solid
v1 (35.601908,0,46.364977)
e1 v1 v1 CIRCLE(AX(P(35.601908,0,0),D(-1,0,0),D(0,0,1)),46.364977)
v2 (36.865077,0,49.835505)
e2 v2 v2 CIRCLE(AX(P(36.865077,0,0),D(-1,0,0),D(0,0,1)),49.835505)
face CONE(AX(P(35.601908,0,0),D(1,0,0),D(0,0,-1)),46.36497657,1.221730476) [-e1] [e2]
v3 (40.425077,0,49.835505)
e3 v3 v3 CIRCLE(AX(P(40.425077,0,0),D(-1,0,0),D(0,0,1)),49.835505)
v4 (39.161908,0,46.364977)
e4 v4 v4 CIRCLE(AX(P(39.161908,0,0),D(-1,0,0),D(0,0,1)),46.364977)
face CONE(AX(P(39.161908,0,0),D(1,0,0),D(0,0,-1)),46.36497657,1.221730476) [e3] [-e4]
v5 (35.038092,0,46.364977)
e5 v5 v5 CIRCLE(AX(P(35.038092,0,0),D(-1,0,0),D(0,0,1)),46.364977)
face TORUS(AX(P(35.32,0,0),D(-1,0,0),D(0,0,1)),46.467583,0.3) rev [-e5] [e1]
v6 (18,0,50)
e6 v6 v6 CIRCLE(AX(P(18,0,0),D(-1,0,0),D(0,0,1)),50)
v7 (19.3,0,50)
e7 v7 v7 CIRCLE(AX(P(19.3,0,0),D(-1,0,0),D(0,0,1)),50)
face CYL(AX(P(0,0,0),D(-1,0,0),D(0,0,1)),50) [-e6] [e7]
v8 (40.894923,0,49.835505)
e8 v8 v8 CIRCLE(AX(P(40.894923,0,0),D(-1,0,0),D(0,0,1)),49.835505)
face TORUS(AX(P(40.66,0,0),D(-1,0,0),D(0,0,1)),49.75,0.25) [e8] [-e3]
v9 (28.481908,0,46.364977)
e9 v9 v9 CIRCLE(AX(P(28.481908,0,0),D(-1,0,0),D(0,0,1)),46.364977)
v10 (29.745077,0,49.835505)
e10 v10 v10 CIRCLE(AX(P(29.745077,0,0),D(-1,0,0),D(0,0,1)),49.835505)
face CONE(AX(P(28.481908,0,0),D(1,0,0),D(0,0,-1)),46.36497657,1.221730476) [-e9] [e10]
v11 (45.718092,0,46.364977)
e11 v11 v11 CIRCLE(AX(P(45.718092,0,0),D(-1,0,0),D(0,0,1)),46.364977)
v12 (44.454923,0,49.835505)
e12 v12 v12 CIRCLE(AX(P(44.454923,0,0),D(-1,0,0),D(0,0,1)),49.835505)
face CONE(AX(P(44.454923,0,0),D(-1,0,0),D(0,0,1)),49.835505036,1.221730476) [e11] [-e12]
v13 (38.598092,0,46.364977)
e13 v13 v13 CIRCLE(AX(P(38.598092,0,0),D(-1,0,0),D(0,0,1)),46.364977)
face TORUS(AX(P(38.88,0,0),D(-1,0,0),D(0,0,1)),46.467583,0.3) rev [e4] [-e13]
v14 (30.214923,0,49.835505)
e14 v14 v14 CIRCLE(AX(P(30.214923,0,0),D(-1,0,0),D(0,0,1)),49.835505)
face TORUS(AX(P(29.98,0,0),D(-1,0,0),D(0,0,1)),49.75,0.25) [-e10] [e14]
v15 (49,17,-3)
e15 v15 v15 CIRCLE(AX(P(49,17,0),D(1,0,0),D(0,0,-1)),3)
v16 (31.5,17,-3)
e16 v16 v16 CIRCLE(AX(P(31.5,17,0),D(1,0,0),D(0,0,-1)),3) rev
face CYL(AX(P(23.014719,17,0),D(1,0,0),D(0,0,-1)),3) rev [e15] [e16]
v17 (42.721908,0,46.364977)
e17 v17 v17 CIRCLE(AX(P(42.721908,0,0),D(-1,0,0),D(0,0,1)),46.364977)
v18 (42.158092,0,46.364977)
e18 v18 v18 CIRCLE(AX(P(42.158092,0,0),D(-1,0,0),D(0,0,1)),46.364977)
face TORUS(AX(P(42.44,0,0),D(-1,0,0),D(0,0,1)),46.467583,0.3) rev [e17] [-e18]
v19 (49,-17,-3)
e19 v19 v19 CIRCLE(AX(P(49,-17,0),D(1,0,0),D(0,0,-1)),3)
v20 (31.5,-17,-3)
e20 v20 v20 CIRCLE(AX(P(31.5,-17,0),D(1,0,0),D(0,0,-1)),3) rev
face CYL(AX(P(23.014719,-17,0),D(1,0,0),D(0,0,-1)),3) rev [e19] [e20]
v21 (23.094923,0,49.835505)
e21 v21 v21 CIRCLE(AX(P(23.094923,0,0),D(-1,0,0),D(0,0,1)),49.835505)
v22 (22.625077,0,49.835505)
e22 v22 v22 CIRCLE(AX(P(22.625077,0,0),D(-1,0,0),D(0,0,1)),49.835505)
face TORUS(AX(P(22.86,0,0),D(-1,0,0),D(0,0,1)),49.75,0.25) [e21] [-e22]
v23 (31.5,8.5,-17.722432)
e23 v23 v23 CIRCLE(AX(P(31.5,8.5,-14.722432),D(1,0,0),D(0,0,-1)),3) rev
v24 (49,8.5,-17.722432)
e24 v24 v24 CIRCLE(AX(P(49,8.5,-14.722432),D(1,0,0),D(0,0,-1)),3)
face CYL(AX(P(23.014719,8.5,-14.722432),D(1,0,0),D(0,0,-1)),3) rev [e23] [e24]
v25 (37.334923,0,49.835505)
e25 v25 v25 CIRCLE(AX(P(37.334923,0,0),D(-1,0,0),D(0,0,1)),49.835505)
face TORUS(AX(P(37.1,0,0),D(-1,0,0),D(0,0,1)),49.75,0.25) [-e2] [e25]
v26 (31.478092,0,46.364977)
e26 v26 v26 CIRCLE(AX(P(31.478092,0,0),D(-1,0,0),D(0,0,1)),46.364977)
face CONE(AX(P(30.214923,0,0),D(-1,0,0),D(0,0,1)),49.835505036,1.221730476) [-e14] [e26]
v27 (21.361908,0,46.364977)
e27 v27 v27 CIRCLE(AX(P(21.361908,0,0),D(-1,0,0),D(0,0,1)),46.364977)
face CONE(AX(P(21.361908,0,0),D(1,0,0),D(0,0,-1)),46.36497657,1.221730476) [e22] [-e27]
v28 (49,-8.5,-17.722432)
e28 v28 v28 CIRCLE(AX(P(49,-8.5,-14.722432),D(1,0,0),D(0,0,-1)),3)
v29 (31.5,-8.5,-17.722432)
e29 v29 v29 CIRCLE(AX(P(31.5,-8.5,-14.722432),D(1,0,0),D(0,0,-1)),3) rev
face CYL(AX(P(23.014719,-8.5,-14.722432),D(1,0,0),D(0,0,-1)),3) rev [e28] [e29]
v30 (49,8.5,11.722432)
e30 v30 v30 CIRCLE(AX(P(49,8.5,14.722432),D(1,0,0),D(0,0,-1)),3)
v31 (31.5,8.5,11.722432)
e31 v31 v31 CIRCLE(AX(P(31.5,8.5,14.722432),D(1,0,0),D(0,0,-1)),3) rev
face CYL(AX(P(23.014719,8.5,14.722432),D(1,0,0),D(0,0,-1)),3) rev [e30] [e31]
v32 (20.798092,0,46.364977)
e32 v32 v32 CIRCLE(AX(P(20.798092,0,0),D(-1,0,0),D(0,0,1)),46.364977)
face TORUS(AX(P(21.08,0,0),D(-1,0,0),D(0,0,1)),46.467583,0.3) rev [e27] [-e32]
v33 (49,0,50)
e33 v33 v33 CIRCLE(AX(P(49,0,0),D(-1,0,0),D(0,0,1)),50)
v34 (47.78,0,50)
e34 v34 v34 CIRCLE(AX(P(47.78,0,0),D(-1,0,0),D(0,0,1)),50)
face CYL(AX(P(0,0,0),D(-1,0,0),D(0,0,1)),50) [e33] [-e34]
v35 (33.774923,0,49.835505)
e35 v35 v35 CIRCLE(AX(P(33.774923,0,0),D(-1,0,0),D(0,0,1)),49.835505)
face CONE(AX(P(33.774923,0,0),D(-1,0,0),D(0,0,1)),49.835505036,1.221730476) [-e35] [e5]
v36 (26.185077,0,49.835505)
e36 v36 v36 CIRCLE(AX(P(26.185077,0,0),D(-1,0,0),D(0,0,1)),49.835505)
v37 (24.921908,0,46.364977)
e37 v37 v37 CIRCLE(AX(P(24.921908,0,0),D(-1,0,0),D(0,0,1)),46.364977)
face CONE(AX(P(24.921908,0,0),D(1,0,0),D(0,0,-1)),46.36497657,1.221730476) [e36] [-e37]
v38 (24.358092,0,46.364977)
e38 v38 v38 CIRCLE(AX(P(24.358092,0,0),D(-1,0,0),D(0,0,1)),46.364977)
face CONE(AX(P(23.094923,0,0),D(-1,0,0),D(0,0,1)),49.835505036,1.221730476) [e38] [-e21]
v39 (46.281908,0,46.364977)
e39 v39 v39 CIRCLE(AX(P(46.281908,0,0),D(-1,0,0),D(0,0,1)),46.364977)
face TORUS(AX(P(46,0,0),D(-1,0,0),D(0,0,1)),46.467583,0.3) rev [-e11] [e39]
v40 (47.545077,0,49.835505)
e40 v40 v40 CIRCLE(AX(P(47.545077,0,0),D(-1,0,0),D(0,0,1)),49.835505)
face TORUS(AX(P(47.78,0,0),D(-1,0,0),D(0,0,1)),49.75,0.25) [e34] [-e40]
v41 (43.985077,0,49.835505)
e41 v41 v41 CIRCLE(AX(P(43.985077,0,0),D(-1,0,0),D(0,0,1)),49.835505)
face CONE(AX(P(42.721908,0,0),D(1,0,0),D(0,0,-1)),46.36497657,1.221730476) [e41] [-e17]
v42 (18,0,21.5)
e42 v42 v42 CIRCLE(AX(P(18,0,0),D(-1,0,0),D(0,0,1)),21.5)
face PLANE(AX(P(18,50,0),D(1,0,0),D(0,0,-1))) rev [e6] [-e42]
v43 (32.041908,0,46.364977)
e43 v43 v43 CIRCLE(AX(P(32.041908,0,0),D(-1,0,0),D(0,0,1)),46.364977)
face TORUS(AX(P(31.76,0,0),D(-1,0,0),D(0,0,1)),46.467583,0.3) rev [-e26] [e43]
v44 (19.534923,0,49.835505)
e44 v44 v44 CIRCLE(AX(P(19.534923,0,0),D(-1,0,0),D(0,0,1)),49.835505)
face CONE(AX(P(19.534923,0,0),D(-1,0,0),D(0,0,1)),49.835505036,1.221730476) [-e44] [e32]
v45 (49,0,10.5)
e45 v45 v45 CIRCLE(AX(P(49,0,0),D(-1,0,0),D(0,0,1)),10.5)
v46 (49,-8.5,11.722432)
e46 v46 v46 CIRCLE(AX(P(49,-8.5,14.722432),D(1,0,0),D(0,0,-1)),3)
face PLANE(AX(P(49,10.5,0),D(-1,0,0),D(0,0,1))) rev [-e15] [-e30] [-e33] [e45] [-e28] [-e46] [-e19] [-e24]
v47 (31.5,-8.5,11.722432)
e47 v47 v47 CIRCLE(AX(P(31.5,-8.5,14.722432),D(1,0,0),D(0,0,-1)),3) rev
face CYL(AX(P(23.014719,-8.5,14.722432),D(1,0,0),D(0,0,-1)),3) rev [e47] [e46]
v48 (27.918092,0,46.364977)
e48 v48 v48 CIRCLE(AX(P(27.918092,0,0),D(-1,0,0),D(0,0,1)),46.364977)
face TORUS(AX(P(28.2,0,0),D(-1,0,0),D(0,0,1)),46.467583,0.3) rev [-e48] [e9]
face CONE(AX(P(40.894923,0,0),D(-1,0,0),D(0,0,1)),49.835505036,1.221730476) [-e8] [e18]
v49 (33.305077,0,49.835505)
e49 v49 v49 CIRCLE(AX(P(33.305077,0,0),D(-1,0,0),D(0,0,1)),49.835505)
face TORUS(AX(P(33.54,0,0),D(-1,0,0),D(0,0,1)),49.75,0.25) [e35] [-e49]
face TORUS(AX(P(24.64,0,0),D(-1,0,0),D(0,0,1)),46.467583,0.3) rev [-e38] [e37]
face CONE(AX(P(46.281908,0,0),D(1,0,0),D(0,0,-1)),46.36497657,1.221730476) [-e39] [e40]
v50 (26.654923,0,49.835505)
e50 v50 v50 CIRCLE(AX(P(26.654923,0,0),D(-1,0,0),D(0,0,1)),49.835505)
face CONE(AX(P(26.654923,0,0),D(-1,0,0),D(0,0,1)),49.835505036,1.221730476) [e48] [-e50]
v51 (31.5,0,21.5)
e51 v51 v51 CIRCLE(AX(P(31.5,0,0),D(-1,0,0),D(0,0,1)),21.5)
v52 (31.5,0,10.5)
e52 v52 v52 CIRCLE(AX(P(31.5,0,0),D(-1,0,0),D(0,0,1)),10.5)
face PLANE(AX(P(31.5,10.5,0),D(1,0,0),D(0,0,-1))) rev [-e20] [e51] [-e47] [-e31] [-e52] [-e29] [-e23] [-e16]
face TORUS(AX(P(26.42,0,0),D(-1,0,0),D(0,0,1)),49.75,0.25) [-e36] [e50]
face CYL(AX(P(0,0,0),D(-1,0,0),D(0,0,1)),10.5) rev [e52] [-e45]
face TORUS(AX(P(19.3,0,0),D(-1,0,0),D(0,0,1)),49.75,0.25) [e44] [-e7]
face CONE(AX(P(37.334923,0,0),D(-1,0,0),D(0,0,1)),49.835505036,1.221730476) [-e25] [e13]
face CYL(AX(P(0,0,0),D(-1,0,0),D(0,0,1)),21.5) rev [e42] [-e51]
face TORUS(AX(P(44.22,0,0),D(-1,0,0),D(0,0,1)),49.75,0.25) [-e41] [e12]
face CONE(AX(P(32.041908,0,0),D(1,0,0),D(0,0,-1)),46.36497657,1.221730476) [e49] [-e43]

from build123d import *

# Parameters (mm, degrees)
LPATTERN1_COUNT    = 8
LPATTERN1_PITCH    = 3.56
SKETCH3_R          = 3
CUT_EXTRUDE1_DEPTH = 17.5


with BuildPart() as part:
    # Sketch1 → Revolve1 (revolve)
    with BuildSketch(Plane.XY, mode=Mode.PRIVATE) as revolve1_sk:
        Polygon((49, 10.5), (49, 50), (18, 50), (18, 21.5), (31.5, 21.5), (31.5, 10.5), align=None)
    revolve(revolve1_sk.sketch.rotate(Axis((0, 0, 0), (1, 0, 0)), 90), axis=Axis((0, 0, 0), (1, 0, 0)))

    # Sketch2 → Cut-Revolve1 (revolve, cut)
    with BuildSketch(Plane.XY, mode=Mode.PRIVATE) as cut_revolve1_sk:
        with BuildLine():
            Line((47.545076845, 49.835505036), (46.281907786, 46.36497657))
            ThreePointArc((46.281907786, 46.36497657), (46, 46.167582613), (45.718092214, 46.36497657))
            Line((45.718092214, 46.36497657), (44.454923155, 49.835505036))
            ThreePointArc((44.454923155, 49.835505036), (44.363394109, 49.954788011), (44.22, 50))
            Line((44.22, 50), (47.78, 50))
            ThreePointArc((47.78, 50), (47.636605891, 49.954788011), (47.545076845, 49.835505036))
        make_face()
    cut_revolve1 = revolve(cut_revolve1_sk.sketch.rotate(Axis((0, 0, 0), (1, 0, 0)), 90), axis=Axis((0, 0, 0), (1, 0, 0)), mode=Mode.SUBTRACT)

    # LPattern1: Cut-Revolve1 ×8
    with Locations(*[(-i * LPATTERN1_PITCH, 0, 0) for i in range(1, LPATTERN1_COUNT)]):
        add(cut_revolve1, mode=Mode.SUBTRACT)

    # Sketch3 → Cut-Extrude1 (cut)
    with BuildSketch(Plane(origin=(49, 0, 0), x_dir=(0, 0, -1), z_dir=(1, 0, 0))):
        with Locations((0, 17)):
            Circle(SKETCH3_R)
        with Locations((14.722431864, 8.5)):
            Circle(SKETCH3_R)
        with Locations((14.722431864, -8.5)):
            Circle(SKETCH3_R)
        with Locations((0, -17)):
            Circle(SKETCH3_R)
        with Locations((-14.722431864, -8.5)):
            Circle(SKETCH3_R)
        with Locations((-14.722431864, 8.5)):
            Circle(SKETCH3_R)
    extrude(amount=-CUT_EXTRUDE1_DEPTH, mode=Mode.SUBTRACT)


solid = part.part
